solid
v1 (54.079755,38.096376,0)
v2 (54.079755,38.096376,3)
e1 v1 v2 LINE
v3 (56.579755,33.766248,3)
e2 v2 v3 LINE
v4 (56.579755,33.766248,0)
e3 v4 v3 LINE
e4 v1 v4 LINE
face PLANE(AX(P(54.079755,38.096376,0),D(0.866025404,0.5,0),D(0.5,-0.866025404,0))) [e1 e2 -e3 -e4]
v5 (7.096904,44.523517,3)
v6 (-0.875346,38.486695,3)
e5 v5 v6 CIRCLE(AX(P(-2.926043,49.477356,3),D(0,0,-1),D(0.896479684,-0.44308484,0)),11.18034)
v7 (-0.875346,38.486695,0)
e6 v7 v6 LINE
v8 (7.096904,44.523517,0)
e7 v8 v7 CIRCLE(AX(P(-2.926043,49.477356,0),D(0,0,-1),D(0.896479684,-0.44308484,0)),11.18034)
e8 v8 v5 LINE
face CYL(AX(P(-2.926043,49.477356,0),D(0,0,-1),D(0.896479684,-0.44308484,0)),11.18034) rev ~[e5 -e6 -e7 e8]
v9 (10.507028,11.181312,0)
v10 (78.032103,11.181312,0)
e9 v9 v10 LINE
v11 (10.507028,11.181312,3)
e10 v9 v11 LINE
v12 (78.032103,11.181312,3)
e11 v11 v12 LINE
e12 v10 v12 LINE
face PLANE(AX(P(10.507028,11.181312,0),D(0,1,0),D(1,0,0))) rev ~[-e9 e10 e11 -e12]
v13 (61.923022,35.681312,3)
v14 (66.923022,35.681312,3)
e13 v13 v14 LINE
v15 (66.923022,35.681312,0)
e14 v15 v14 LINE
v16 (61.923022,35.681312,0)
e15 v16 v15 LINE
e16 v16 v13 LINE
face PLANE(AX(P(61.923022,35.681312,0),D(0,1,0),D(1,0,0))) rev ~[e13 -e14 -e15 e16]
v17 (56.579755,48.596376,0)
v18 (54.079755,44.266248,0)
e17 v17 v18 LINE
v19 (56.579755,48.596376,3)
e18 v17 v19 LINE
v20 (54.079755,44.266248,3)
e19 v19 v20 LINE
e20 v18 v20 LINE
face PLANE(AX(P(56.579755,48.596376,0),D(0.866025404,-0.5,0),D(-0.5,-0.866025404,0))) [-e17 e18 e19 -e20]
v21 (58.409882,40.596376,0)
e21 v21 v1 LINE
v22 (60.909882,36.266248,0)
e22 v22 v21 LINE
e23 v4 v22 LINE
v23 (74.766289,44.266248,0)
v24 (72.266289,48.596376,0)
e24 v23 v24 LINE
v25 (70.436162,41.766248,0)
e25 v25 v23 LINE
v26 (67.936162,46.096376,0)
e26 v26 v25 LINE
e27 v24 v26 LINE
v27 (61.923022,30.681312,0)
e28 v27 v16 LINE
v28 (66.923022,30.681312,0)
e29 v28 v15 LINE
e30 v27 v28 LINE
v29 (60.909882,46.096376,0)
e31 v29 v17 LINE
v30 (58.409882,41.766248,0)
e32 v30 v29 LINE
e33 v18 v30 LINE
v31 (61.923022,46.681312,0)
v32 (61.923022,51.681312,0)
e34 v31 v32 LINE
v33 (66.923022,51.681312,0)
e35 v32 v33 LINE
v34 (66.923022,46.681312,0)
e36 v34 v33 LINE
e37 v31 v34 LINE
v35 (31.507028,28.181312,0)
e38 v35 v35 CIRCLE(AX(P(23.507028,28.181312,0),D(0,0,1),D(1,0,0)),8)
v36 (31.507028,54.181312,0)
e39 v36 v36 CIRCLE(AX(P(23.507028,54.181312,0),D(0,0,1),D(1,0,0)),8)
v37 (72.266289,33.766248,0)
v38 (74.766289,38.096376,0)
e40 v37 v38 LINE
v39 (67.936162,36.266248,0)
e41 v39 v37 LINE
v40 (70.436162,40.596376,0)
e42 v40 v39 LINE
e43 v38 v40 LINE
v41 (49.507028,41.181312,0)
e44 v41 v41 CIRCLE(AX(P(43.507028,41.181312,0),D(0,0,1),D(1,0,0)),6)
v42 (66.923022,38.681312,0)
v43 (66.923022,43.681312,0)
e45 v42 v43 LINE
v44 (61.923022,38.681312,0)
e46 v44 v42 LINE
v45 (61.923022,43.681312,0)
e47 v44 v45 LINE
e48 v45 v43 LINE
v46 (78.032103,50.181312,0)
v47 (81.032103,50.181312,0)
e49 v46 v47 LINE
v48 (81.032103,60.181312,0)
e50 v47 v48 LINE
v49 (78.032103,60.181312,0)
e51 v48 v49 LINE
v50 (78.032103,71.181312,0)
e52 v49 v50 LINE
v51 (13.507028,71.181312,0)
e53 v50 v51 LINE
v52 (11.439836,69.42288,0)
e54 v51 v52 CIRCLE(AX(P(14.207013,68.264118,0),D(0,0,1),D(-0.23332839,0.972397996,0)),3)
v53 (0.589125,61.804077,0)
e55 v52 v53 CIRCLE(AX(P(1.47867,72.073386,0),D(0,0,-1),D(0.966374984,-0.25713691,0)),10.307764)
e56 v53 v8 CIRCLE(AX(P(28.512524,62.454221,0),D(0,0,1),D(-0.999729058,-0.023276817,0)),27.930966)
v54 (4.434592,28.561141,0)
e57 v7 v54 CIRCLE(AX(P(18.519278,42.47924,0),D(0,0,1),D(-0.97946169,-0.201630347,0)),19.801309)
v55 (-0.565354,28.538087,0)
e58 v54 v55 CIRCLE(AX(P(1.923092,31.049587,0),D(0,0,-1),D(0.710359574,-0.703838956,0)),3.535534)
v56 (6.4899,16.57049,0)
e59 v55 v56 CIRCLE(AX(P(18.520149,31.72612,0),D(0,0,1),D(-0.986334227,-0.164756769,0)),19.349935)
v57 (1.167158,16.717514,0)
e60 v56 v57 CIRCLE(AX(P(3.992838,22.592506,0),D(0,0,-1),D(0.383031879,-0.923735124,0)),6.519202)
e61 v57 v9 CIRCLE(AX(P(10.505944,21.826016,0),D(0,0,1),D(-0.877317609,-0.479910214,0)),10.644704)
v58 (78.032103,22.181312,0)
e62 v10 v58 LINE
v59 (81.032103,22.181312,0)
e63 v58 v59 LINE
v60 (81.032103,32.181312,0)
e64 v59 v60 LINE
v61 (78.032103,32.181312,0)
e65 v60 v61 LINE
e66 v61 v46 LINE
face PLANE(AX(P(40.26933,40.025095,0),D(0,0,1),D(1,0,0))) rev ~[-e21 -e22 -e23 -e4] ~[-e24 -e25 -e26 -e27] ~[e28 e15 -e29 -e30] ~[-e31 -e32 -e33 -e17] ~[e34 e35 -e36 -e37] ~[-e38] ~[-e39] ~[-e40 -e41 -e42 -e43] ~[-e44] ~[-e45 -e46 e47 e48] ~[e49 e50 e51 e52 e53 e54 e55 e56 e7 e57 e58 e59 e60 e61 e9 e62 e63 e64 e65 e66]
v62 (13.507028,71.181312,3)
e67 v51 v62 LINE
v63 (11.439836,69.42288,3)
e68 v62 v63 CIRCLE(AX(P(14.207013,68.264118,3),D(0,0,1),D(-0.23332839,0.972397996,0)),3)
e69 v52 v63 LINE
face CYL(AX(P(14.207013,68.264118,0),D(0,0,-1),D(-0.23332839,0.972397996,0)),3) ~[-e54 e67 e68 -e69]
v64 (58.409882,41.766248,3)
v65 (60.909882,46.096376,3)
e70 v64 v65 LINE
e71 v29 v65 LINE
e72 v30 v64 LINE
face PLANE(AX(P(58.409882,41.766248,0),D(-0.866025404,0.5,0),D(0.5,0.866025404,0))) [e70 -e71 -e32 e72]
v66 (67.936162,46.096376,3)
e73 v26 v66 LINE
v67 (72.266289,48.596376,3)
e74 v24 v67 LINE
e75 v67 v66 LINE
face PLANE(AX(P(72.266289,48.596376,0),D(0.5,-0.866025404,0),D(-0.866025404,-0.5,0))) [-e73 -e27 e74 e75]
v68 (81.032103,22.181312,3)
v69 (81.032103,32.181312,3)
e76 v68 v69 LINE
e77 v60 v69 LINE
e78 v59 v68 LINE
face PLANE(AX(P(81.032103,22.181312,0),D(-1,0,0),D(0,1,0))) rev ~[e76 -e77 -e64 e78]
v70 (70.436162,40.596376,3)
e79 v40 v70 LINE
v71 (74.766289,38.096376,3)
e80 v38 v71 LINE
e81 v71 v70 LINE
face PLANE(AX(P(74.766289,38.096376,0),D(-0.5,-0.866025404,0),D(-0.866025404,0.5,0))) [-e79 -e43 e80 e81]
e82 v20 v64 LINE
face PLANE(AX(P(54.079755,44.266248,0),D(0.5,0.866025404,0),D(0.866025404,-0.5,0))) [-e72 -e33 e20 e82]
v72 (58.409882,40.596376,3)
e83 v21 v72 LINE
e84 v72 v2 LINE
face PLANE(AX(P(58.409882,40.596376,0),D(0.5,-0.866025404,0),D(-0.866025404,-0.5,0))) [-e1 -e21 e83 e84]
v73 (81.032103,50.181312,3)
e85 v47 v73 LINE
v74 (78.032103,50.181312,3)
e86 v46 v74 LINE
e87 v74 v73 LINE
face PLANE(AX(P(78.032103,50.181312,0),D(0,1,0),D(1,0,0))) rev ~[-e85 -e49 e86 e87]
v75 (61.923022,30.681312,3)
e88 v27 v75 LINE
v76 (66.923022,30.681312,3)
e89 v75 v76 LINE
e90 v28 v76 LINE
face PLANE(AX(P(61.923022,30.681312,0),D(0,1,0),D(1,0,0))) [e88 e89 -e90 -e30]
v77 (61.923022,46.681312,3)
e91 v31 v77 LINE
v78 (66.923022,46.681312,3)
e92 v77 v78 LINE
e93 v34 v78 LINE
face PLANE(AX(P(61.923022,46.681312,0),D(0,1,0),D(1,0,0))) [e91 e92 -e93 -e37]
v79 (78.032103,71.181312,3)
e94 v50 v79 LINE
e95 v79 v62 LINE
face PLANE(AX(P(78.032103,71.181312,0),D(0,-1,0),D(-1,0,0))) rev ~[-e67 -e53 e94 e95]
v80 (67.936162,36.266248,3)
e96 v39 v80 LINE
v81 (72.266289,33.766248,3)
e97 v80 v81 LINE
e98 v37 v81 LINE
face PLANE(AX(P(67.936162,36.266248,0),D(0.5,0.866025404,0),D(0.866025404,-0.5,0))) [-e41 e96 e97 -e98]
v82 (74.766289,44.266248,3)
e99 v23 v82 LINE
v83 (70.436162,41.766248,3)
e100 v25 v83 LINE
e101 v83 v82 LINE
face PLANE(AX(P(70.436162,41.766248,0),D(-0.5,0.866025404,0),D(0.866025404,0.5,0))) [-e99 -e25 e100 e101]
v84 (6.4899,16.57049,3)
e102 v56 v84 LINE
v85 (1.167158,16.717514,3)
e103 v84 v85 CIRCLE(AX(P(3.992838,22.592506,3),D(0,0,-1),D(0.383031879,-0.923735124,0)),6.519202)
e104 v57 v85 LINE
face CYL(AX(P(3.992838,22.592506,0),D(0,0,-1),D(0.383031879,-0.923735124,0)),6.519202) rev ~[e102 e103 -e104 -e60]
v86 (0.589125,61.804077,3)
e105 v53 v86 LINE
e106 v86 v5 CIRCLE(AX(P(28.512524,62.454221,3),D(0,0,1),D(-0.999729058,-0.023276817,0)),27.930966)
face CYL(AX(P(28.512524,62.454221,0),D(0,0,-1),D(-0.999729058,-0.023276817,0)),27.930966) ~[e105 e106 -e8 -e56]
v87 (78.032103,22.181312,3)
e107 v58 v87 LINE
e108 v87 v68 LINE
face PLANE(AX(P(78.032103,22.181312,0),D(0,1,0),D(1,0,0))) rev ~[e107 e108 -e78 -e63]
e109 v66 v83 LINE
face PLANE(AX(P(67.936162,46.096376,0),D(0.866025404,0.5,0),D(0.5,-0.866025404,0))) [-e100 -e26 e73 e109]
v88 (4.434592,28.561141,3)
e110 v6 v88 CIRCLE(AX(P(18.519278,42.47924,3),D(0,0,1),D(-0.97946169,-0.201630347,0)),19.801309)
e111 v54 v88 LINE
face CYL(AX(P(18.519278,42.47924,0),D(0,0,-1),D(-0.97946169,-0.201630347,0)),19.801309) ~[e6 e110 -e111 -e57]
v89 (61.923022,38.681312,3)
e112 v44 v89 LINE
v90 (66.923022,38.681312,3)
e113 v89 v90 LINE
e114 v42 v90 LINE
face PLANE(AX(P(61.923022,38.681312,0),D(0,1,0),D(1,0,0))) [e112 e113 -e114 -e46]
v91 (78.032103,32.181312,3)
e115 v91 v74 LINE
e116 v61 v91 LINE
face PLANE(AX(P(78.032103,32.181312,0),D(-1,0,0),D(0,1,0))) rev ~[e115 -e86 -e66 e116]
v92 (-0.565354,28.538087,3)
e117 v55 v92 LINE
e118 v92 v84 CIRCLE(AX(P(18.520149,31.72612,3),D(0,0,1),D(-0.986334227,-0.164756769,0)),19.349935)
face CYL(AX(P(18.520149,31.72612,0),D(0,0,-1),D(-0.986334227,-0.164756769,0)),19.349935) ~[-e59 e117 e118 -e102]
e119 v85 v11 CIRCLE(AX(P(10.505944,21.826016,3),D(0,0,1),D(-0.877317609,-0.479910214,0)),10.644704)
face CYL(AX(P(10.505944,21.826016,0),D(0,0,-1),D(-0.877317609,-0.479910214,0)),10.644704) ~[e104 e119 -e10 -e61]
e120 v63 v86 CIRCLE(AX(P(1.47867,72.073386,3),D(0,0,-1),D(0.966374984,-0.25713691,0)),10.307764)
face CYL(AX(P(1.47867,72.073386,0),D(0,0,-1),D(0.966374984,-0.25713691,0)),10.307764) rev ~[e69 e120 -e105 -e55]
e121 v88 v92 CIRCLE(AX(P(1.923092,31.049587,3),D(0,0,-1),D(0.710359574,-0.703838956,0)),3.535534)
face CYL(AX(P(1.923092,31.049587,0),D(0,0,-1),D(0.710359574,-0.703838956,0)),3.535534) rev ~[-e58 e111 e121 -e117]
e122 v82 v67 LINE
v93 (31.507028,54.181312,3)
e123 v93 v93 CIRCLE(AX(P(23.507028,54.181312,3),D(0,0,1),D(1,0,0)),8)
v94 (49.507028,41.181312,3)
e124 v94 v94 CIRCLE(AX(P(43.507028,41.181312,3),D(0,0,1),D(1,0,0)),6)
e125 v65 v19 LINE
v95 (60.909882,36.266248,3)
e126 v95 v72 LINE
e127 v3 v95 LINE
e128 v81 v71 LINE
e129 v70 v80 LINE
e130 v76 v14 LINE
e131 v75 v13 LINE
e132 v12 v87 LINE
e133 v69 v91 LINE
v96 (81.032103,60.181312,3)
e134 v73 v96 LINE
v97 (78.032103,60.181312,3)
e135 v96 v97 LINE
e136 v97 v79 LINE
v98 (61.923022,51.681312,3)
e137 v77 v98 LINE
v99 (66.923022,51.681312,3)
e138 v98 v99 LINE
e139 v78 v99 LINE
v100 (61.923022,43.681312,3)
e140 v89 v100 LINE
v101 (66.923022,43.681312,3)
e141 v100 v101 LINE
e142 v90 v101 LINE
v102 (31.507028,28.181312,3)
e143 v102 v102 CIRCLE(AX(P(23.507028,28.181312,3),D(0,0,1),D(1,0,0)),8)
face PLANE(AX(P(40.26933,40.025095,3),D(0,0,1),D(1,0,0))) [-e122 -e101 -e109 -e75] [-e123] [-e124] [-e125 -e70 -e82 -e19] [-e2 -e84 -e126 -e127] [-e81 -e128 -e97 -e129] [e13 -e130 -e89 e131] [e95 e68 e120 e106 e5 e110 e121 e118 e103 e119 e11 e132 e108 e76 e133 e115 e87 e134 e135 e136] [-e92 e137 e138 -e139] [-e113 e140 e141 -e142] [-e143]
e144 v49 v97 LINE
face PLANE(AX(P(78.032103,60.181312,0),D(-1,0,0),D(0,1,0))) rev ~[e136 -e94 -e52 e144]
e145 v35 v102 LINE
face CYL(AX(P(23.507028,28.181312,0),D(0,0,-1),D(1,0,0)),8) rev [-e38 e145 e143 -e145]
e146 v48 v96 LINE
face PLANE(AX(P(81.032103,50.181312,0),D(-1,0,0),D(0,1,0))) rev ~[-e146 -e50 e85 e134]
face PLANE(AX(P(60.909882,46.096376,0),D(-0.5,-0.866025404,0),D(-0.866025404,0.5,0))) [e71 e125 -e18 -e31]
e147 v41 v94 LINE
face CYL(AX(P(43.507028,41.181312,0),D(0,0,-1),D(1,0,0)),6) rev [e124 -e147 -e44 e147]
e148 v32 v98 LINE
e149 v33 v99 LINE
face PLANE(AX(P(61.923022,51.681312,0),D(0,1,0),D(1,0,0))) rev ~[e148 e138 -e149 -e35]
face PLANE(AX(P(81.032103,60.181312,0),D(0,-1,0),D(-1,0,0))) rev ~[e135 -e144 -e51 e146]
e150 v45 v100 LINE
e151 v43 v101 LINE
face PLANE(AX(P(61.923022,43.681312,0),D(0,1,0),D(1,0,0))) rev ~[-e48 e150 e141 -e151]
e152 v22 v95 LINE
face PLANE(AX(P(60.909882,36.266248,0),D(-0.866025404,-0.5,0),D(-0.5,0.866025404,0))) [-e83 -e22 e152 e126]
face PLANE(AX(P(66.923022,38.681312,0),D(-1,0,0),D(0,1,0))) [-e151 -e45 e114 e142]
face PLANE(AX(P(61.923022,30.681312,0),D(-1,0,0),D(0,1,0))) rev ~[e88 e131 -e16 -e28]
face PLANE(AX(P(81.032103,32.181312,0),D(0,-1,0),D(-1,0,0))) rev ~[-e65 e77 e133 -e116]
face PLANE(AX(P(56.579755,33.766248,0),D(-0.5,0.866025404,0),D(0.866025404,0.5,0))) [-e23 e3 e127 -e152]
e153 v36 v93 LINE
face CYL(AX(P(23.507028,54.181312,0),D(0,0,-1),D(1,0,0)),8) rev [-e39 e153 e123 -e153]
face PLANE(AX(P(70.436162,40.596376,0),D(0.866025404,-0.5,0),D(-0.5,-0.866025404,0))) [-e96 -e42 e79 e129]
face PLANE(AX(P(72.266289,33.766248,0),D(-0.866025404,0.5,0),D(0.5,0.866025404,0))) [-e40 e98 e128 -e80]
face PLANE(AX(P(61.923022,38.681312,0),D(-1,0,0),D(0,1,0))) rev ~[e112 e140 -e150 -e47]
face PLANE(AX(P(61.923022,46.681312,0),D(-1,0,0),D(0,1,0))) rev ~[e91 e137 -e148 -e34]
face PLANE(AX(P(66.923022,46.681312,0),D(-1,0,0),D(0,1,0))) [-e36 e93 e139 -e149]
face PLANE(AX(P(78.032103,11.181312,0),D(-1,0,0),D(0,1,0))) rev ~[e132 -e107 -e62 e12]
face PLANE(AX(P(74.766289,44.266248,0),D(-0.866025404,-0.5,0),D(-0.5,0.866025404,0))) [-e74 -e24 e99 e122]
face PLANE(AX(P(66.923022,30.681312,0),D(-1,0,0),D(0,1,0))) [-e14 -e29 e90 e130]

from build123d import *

# Parameters (mm, degrees)
MODEL_R                 = 8
MODEL_R_2               = 6
MODEL_W                 = 5
MODEL_H                 = 5
SALIENTE_EXTRUIR1_DEPTH = 3


with BuildPart() as part:
    # Model → Saliente-Extruir1 (new body)
    with BuildSketch(Plane.XY):
        with BuildLine():
            Line((81.032103119, 50.181312), (81.032103119, 60.181312))
            Line((81.032103119, 60.181312), (78.032103119, 60.181312))
            Line((78.032103119, 60.181312), (78.032103119, 71.181312))
            Line((78.032103119, 71.181312), (66.95908996, 71.181312))
            Line((66.95908996, 71.181312), (56.219592514, 71.181312))
            Line((56.219592514, 71.181312), (47.225756879, 71.181312))
            Line((47.225756879, 71.181312), (42.176203424, 71.181312))
            Line((42.176203424, 71.181312), (32.39338928, 71.181312))
            Line((32.39338928, 71.181312), (26.994131201, 71.181312))
            Line((26.994131201, 71.181312), (16.997485054, 71.181312))
            Line((16.997485054, 71.181312), (13.507028058, 71.181312))
            ThreePointArc((13.507028058, 71.181312), (12.2632217, 70.549216368), (11.439835667, 69.42287957))
            ThreePointArc((11.439835667, 69.42287957), (7.401938773, 63.637457593), (0.58912476, 61.804077109))
            ThreePointArc((0.58912476, 61.804077109), (2.373680587, 52.610452717), (7.096904361, 44.523517195))
            ThreePointArc((7.096904361, 44.523517195), (3.82332943, 40.564109484), (-0.875345958, 38.486694782))
            ThreePointArc((-0.875345958, 38.486694782), (1.059461304, 33.138647965), (4.434592413, 28.561140576))
            ThreePointArc((4.434592413, 28.561140576), (1.939393599, 27.514090743), (-0.565354439, 28.538086707))
            ThreePointArc((-0.565354439, 28.538086707), (1.851215322, 21.899286601), (6.48990044, 16.57048968))
            ThreePointArc((6.48990044, 16.57048968), (3.812833965, 16.075789072), (1.167157726, 16.717513967))
            ThreePointArc((1.167157726, 16.717513967), (5.078186337, 12.669096828), (10.507028058, 11.181312))
            Line((10.507028058, 11.181312), (21.6574548, 11.181312))
            Line((21.6574548, 11.181312), (43.769565589, 11.181312))
            Line((43.769565589, 11.181312), (66.512005339, 11.181312))
            Line((66.512005339, 11.181312), (78.032103119, 11.181312))
            Line((78.032103119, 11.181312), (78.032103119, 22.181312))
            Line((78.032103119, 22.181312), (81.032103119, 22.181312))
            Line((81.032103119, 22.181312), (81.032103119, 32.181312))
            Line((81.032103119, 32.181312), (78.032103119, 32.181312))
            Line((78.032103119, 32.181312), (78.032103119, 50.181312))
            Line((78.032103119, 50.181312), (81.032103119, 50.181312))
        make_face()
        with Locations((23.507028058, 54.181312)):
            Circle(MODEL_R, mode=Mode.SUBTRACT)
        with Locations((43.507028058, 41.181312)):
            Circle(MODEL_R_2, mode=Mode.SUBTRACT)
        with Locations((23.507028058, 28.181312)):
            Circle(MODEL_R, mode=Mode.SUBTRACT)
        with Locations((64.423022125, 41.181312)):
            Rectangle(MODEL_W, MODEL_H, mode=Mode.SUBTRACT)
        with Locations((64.423022125, 33.181312)):
            Rectangle(MODEL_W, MODEL_H, mode=Mode.SUBTRACT)
        Polygon((72.266288865, 48.59637551), (67.936161846, 46.09637551), (70.436161846, 41.766248491), (74.766288865, 44.266248491), align=None, mode=Mode.SUBTRACT)
        Polygon((67.936161846, 36.266248491), (72.266288865, 33.766248491), (74.766288865, 38.09637551), (70.436161846, 40.59637551), align=None, mode=Mode.SUBTRACT)
        with Locations((64.423022125, 49.181312)):
            Rectangle(MODEL_W, MODEL_H, mode=Mode.SUBTRACT)
        Polygon((56.579755385, 33.766248491), (60.909882404, 36.266248491), (58.409882404, 40.59637551), (54.079755385, 38.09637551), align=None, mode=Mode.SUBTRACT)
        Polygon((60.909882404, 46.09637551), (56.579755385, 48.59637551), (54.079755385, 44.266248491), (58.409882404, 41.766248491), align=None, mode=Mode.SUBTRACT)
    extrude(amount=SALIENTE_EXTRUIR1_DEPTH)


solid = part.part
